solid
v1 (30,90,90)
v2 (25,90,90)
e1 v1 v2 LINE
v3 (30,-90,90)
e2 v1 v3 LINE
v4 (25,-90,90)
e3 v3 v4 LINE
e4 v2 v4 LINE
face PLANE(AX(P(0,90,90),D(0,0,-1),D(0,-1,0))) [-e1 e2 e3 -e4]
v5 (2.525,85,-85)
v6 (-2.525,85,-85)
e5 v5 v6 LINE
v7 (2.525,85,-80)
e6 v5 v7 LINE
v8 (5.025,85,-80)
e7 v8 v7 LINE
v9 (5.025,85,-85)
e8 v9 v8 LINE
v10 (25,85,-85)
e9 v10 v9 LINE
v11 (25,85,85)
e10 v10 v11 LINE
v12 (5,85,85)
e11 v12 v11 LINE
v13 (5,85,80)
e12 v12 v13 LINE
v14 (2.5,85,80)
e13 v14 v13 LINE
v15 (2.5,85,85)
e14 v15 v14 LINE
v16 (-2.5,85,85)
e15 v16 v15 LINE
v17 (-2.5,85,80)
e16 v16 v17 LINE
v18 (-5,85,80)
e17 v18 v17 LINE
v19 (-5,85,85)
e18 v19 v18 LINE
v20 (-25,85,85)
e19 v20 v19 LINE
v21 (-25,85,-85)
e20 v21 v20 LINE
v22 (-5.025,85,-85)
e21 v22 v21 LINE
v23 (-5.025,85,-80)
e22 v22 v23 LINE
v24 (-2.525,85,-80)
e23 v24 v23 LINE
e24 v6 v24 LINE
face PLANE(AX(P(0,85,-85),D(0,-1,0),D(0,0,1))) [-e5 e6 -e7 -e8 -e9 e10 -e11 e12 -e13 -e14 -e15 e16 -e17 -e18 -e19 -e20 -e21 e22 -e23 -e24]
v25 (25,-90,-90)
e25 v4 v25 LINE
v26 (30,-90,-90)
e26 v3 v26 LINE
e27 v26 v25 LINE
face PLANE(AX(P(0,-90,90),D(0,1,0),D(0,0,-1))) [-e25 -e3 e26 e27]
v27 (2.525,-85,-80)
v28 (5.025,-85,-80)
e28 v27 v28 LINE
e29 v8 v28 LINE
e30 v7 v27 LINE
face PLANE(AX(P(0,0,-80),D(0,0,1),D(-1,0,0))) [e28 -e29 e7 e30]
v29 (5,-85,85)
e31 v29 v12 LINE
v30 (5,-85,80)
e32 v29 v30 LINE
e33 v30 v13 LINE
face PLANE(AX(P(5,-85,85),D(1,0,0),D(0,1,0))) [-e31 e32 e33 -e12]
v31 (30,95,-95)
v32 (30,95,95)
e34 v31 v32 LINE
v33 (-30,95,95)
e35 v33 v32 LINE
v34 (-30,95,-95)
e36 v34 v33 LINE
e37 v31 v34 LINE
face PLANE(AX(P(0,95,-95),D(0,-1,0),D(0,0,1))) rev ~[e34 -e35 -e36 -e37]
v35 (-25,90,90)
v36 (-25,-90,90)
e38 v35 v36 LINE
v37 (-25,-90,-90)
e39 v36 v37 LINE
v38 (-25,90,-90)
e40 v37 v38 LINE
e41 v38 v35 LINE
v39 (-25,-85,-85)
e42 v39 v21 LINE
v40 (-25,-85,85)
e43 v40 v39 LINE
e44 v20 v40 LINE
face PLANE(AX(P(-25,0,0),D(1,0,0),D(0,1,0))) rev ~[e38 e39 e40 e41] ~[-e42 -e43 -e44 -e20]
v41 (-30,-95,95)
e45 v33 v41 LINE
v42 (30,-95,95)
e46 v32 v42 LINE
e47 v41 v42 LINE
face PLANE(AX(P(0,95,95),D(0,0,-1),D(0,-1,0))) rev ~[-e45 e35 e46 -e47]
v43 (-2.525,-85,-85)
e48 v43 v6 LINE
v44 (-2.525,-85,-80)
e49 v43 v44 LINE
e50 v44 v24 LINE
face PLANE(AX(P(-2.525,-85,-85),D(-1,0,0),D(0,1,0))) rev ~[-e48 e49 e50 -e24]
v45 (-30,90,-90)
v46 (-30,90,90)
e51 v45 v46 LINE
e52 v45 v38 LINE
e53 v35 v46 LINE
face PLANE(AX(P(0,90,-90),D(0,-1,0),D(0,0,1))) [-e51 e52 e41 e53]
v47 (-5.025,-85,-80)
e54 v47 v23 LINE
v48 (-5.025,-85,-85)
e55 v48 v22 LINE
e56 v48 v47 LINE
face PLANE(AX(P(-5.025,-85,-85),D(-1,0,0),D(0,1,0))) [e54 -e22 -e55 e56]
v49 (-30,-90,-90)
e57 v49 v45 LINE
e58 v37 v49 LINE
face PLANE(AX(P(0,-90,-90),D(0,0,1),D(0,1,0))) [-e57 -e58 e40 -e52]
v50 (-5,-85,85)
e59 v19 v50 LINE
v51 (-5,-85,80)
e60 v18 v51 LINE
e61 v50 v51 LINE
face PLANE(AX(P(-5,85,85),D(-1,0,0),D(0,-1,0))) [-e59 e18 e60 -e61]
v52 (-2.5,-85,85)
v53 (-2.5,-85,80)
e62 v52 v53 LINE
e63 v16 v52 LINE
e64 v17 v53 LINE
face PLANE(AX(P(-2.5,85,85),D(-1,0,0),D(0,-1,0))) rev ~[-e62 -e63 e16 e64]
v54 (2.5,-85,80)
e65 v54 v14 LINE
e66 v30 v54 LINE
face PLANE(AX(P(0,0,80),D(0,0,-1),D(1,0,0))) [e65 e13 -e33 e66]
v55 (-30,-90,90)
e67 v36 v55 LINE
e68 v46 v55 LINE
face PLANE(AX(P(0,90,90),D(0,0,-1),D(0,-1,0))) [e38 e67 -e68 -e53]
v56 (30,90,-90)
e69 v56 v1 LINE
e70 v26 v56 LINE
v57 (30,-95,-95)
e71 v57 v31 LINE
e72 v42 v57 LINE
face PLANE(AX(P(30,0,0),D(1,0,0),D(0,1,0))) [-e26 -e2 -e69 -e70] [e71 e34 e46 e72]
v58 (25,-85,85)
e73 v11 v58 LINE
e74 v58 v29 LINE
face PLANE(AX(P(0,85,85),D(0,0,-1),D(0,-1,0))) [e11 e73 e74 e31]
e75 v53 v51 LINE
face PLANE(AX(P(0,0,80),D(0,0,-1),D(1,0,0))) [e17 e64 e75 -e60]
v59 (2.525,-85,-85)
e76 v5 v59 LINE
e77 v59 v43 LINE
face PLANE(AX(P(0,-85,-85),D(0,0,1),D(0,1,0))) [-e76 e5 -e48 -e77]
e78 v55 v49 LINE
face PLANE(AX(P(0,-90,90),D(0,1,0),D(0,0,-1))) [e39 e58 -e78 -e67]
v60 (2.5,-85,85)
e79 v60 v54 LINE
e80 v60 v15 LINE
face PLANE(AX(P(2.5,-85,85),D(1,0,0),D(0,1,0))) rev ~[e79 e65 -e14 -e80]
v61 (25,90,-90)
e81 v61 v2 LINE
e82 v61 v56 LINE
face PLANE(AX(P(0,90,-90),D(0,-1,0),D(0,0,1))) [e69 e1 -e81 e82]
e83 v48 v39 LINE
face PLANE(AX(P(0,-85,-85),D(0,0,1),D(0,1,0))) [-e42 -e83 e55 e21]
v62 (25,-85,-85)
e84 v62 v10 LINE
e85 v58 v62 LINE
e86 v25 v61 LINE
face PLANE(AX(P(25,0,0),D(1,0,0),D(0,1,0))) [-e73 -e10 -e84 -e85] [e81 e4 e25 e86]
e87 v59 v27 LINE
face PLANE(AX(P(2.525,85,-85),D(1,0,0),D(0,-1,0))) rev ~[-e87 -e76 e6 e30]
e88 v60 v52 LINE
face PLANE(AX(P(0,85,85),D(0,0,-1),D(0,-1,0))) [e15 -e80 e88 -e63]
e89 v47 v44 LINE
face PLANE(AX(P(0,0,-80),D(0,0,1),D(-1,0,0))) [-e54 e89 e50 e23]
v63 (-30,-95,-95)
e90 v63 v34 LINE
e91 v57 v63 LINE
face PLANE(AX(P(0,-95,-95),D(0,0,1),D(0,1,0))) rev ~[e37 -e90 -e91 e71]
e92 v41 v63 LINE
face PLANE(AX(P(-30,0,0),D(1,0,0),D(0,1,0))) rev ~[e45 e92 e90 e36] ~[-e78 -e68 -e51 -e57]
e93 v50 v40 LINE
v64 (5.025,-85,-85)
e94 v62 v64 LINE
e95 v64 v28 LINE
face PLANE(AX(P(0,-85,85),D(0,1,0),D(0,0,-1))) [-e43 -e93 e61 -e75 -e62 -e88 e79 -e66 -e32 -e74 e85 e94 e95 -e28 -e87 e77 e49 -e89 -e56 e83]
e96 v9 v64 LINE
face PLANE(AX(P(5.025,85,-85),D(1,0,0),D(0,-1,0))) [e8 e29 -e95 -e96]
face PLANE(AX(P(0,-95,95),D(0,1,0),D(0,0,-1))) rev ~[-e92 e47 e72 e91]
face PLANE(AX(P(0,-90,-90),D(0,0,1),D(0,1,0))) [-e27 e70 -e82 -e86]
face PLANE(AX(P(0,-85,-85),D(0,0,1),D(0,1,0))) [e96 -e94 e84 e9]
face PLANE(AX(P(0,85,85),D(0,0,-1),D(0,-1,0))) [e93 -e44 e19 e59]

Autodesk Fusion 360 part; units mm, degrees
sketch "Sketch1" plane through (0, 0, 0) normal (1, 0, 0) x (0, 1, 0)
  line L0 (90, -90) -> (90, 90)
  line L1 (-95, 95) -> (95, -95) construction
  line L2 (95, 95) -> (-95, 95)
  line L3 (85, 85) -> (-85, 85)
  line L4 (-85, -85) -> (85, -85)
  line L5 (85, -85) -> (85, 85)
  line L6 (-95, 95) -> (-95, -95)
  line L7 (0, 85) -> (0, -85) construction
  line L8 (-85, 85) -> (-85, -85)
  line L9 (95, 95) -> (-95, -95) construction
  line L10 (95, -95) -> (95, 95)
  line L11 (90, 90) -> (-90, 90)
  line L12 (-90, -90) -> (90, -90)
  line L13 (-85, 0) -> (85, 0) construction
  line L14 (-95, -95) -> (95, -95)
  line L15 (-90, 90) -> (-90, -90)
  dimension "d3" = -5
  dimension "d4" = -5
  dimension "d5" = 190
  dimension "d6" = 190
extrude "Extrude4" add sketch "Sketch1" along normal mid plane 50 contours L0 L11 L12 L15
extrude "Extrude5" add sketch "Sketch1" along normal mid plane 60 contours L2 L6 L10 L14
sketch "Sketch2" plane through (0, 0, -85) normal (0, 0, 1) x (-1, 0, 0)
  line L0 (25, 85) -> (-25, 85)
  line L1 (-25, 85) -> (-25, -85)
  line L2 (-25, -85) -> (25, -85)
  line L3 (25, -85) -> (25, 85)
  line L4 (-2.525, 85) -> (2.525, 85)
  line L5 (2.525, 85) -> (2.525, -85)
  line L6 (2.525, -85) -> (-2.525, -85)
  line L7 (-2.525, -85) -> (-2.525, 85)
  line L8 (-2.525, 85) -> (2.525, -85) construction
  line L9 (2.525, 85) -> (-2.525, -85) construction
  line L10 (5.025, 87.5) -> (5.025, -87.5)
  line L11 (5.025, -87.5) -> (-5.025, -87.5)
  line L12 (-5.025, -87.5) -> (-5.025, 87.5)
  line L13 (-5.025, 87.5) -> (5.025, 87.5)
  dimension "d39" = -2.5
  dimension "d40" = 5.05
extrude "Extrude6" add sketch "Sketch2" along normal blind 5 contours L0 L2 L5 L10 | L0 L2 L7 L12
sketch "Sketch3" plane through (0, 0, 85) normal (0, 0, -1) x (1, 0, 0)
  line L0 (-25, -85) -> (25, -85)
  line L1 (25, -85) -> (25, 85)
  line L2 (25, 85) -> (-25, 85)
  line L3 (-25, 85) -> (-25, -85)
  line L4 (-2.5, 85) -> (2.5, 85)
  line L5 (2.5, 85) -> (2.5, -85)
  line L6 (2.5, -85) -> (-2.5, -85)
  line L7 (-2.5, -85) -> (-2.5, 85)
  line L8 (-2.5, 85) -> (2.5, -85) construction
  line L9 (2.5, 85) -> (-2.5, -85) construction
  line L10 (5, 87.5) -> (5, -87.5)
  line L11 (5, -87.5) -> (-5, -87.5)
  line L12 (-5, -87.5) -> (-5, 87.5)
  line L13 (-5, 87.5) -> (5, 87.5)
  dimension "d43" = 5
  dimension "d44" = -2.5
extrude "Extrude7" add sketch "Sketch3" along normal blind 5 contours L0 L2 L7 L12 | L0 L2 L5 L10
equation "d6 = d5"
